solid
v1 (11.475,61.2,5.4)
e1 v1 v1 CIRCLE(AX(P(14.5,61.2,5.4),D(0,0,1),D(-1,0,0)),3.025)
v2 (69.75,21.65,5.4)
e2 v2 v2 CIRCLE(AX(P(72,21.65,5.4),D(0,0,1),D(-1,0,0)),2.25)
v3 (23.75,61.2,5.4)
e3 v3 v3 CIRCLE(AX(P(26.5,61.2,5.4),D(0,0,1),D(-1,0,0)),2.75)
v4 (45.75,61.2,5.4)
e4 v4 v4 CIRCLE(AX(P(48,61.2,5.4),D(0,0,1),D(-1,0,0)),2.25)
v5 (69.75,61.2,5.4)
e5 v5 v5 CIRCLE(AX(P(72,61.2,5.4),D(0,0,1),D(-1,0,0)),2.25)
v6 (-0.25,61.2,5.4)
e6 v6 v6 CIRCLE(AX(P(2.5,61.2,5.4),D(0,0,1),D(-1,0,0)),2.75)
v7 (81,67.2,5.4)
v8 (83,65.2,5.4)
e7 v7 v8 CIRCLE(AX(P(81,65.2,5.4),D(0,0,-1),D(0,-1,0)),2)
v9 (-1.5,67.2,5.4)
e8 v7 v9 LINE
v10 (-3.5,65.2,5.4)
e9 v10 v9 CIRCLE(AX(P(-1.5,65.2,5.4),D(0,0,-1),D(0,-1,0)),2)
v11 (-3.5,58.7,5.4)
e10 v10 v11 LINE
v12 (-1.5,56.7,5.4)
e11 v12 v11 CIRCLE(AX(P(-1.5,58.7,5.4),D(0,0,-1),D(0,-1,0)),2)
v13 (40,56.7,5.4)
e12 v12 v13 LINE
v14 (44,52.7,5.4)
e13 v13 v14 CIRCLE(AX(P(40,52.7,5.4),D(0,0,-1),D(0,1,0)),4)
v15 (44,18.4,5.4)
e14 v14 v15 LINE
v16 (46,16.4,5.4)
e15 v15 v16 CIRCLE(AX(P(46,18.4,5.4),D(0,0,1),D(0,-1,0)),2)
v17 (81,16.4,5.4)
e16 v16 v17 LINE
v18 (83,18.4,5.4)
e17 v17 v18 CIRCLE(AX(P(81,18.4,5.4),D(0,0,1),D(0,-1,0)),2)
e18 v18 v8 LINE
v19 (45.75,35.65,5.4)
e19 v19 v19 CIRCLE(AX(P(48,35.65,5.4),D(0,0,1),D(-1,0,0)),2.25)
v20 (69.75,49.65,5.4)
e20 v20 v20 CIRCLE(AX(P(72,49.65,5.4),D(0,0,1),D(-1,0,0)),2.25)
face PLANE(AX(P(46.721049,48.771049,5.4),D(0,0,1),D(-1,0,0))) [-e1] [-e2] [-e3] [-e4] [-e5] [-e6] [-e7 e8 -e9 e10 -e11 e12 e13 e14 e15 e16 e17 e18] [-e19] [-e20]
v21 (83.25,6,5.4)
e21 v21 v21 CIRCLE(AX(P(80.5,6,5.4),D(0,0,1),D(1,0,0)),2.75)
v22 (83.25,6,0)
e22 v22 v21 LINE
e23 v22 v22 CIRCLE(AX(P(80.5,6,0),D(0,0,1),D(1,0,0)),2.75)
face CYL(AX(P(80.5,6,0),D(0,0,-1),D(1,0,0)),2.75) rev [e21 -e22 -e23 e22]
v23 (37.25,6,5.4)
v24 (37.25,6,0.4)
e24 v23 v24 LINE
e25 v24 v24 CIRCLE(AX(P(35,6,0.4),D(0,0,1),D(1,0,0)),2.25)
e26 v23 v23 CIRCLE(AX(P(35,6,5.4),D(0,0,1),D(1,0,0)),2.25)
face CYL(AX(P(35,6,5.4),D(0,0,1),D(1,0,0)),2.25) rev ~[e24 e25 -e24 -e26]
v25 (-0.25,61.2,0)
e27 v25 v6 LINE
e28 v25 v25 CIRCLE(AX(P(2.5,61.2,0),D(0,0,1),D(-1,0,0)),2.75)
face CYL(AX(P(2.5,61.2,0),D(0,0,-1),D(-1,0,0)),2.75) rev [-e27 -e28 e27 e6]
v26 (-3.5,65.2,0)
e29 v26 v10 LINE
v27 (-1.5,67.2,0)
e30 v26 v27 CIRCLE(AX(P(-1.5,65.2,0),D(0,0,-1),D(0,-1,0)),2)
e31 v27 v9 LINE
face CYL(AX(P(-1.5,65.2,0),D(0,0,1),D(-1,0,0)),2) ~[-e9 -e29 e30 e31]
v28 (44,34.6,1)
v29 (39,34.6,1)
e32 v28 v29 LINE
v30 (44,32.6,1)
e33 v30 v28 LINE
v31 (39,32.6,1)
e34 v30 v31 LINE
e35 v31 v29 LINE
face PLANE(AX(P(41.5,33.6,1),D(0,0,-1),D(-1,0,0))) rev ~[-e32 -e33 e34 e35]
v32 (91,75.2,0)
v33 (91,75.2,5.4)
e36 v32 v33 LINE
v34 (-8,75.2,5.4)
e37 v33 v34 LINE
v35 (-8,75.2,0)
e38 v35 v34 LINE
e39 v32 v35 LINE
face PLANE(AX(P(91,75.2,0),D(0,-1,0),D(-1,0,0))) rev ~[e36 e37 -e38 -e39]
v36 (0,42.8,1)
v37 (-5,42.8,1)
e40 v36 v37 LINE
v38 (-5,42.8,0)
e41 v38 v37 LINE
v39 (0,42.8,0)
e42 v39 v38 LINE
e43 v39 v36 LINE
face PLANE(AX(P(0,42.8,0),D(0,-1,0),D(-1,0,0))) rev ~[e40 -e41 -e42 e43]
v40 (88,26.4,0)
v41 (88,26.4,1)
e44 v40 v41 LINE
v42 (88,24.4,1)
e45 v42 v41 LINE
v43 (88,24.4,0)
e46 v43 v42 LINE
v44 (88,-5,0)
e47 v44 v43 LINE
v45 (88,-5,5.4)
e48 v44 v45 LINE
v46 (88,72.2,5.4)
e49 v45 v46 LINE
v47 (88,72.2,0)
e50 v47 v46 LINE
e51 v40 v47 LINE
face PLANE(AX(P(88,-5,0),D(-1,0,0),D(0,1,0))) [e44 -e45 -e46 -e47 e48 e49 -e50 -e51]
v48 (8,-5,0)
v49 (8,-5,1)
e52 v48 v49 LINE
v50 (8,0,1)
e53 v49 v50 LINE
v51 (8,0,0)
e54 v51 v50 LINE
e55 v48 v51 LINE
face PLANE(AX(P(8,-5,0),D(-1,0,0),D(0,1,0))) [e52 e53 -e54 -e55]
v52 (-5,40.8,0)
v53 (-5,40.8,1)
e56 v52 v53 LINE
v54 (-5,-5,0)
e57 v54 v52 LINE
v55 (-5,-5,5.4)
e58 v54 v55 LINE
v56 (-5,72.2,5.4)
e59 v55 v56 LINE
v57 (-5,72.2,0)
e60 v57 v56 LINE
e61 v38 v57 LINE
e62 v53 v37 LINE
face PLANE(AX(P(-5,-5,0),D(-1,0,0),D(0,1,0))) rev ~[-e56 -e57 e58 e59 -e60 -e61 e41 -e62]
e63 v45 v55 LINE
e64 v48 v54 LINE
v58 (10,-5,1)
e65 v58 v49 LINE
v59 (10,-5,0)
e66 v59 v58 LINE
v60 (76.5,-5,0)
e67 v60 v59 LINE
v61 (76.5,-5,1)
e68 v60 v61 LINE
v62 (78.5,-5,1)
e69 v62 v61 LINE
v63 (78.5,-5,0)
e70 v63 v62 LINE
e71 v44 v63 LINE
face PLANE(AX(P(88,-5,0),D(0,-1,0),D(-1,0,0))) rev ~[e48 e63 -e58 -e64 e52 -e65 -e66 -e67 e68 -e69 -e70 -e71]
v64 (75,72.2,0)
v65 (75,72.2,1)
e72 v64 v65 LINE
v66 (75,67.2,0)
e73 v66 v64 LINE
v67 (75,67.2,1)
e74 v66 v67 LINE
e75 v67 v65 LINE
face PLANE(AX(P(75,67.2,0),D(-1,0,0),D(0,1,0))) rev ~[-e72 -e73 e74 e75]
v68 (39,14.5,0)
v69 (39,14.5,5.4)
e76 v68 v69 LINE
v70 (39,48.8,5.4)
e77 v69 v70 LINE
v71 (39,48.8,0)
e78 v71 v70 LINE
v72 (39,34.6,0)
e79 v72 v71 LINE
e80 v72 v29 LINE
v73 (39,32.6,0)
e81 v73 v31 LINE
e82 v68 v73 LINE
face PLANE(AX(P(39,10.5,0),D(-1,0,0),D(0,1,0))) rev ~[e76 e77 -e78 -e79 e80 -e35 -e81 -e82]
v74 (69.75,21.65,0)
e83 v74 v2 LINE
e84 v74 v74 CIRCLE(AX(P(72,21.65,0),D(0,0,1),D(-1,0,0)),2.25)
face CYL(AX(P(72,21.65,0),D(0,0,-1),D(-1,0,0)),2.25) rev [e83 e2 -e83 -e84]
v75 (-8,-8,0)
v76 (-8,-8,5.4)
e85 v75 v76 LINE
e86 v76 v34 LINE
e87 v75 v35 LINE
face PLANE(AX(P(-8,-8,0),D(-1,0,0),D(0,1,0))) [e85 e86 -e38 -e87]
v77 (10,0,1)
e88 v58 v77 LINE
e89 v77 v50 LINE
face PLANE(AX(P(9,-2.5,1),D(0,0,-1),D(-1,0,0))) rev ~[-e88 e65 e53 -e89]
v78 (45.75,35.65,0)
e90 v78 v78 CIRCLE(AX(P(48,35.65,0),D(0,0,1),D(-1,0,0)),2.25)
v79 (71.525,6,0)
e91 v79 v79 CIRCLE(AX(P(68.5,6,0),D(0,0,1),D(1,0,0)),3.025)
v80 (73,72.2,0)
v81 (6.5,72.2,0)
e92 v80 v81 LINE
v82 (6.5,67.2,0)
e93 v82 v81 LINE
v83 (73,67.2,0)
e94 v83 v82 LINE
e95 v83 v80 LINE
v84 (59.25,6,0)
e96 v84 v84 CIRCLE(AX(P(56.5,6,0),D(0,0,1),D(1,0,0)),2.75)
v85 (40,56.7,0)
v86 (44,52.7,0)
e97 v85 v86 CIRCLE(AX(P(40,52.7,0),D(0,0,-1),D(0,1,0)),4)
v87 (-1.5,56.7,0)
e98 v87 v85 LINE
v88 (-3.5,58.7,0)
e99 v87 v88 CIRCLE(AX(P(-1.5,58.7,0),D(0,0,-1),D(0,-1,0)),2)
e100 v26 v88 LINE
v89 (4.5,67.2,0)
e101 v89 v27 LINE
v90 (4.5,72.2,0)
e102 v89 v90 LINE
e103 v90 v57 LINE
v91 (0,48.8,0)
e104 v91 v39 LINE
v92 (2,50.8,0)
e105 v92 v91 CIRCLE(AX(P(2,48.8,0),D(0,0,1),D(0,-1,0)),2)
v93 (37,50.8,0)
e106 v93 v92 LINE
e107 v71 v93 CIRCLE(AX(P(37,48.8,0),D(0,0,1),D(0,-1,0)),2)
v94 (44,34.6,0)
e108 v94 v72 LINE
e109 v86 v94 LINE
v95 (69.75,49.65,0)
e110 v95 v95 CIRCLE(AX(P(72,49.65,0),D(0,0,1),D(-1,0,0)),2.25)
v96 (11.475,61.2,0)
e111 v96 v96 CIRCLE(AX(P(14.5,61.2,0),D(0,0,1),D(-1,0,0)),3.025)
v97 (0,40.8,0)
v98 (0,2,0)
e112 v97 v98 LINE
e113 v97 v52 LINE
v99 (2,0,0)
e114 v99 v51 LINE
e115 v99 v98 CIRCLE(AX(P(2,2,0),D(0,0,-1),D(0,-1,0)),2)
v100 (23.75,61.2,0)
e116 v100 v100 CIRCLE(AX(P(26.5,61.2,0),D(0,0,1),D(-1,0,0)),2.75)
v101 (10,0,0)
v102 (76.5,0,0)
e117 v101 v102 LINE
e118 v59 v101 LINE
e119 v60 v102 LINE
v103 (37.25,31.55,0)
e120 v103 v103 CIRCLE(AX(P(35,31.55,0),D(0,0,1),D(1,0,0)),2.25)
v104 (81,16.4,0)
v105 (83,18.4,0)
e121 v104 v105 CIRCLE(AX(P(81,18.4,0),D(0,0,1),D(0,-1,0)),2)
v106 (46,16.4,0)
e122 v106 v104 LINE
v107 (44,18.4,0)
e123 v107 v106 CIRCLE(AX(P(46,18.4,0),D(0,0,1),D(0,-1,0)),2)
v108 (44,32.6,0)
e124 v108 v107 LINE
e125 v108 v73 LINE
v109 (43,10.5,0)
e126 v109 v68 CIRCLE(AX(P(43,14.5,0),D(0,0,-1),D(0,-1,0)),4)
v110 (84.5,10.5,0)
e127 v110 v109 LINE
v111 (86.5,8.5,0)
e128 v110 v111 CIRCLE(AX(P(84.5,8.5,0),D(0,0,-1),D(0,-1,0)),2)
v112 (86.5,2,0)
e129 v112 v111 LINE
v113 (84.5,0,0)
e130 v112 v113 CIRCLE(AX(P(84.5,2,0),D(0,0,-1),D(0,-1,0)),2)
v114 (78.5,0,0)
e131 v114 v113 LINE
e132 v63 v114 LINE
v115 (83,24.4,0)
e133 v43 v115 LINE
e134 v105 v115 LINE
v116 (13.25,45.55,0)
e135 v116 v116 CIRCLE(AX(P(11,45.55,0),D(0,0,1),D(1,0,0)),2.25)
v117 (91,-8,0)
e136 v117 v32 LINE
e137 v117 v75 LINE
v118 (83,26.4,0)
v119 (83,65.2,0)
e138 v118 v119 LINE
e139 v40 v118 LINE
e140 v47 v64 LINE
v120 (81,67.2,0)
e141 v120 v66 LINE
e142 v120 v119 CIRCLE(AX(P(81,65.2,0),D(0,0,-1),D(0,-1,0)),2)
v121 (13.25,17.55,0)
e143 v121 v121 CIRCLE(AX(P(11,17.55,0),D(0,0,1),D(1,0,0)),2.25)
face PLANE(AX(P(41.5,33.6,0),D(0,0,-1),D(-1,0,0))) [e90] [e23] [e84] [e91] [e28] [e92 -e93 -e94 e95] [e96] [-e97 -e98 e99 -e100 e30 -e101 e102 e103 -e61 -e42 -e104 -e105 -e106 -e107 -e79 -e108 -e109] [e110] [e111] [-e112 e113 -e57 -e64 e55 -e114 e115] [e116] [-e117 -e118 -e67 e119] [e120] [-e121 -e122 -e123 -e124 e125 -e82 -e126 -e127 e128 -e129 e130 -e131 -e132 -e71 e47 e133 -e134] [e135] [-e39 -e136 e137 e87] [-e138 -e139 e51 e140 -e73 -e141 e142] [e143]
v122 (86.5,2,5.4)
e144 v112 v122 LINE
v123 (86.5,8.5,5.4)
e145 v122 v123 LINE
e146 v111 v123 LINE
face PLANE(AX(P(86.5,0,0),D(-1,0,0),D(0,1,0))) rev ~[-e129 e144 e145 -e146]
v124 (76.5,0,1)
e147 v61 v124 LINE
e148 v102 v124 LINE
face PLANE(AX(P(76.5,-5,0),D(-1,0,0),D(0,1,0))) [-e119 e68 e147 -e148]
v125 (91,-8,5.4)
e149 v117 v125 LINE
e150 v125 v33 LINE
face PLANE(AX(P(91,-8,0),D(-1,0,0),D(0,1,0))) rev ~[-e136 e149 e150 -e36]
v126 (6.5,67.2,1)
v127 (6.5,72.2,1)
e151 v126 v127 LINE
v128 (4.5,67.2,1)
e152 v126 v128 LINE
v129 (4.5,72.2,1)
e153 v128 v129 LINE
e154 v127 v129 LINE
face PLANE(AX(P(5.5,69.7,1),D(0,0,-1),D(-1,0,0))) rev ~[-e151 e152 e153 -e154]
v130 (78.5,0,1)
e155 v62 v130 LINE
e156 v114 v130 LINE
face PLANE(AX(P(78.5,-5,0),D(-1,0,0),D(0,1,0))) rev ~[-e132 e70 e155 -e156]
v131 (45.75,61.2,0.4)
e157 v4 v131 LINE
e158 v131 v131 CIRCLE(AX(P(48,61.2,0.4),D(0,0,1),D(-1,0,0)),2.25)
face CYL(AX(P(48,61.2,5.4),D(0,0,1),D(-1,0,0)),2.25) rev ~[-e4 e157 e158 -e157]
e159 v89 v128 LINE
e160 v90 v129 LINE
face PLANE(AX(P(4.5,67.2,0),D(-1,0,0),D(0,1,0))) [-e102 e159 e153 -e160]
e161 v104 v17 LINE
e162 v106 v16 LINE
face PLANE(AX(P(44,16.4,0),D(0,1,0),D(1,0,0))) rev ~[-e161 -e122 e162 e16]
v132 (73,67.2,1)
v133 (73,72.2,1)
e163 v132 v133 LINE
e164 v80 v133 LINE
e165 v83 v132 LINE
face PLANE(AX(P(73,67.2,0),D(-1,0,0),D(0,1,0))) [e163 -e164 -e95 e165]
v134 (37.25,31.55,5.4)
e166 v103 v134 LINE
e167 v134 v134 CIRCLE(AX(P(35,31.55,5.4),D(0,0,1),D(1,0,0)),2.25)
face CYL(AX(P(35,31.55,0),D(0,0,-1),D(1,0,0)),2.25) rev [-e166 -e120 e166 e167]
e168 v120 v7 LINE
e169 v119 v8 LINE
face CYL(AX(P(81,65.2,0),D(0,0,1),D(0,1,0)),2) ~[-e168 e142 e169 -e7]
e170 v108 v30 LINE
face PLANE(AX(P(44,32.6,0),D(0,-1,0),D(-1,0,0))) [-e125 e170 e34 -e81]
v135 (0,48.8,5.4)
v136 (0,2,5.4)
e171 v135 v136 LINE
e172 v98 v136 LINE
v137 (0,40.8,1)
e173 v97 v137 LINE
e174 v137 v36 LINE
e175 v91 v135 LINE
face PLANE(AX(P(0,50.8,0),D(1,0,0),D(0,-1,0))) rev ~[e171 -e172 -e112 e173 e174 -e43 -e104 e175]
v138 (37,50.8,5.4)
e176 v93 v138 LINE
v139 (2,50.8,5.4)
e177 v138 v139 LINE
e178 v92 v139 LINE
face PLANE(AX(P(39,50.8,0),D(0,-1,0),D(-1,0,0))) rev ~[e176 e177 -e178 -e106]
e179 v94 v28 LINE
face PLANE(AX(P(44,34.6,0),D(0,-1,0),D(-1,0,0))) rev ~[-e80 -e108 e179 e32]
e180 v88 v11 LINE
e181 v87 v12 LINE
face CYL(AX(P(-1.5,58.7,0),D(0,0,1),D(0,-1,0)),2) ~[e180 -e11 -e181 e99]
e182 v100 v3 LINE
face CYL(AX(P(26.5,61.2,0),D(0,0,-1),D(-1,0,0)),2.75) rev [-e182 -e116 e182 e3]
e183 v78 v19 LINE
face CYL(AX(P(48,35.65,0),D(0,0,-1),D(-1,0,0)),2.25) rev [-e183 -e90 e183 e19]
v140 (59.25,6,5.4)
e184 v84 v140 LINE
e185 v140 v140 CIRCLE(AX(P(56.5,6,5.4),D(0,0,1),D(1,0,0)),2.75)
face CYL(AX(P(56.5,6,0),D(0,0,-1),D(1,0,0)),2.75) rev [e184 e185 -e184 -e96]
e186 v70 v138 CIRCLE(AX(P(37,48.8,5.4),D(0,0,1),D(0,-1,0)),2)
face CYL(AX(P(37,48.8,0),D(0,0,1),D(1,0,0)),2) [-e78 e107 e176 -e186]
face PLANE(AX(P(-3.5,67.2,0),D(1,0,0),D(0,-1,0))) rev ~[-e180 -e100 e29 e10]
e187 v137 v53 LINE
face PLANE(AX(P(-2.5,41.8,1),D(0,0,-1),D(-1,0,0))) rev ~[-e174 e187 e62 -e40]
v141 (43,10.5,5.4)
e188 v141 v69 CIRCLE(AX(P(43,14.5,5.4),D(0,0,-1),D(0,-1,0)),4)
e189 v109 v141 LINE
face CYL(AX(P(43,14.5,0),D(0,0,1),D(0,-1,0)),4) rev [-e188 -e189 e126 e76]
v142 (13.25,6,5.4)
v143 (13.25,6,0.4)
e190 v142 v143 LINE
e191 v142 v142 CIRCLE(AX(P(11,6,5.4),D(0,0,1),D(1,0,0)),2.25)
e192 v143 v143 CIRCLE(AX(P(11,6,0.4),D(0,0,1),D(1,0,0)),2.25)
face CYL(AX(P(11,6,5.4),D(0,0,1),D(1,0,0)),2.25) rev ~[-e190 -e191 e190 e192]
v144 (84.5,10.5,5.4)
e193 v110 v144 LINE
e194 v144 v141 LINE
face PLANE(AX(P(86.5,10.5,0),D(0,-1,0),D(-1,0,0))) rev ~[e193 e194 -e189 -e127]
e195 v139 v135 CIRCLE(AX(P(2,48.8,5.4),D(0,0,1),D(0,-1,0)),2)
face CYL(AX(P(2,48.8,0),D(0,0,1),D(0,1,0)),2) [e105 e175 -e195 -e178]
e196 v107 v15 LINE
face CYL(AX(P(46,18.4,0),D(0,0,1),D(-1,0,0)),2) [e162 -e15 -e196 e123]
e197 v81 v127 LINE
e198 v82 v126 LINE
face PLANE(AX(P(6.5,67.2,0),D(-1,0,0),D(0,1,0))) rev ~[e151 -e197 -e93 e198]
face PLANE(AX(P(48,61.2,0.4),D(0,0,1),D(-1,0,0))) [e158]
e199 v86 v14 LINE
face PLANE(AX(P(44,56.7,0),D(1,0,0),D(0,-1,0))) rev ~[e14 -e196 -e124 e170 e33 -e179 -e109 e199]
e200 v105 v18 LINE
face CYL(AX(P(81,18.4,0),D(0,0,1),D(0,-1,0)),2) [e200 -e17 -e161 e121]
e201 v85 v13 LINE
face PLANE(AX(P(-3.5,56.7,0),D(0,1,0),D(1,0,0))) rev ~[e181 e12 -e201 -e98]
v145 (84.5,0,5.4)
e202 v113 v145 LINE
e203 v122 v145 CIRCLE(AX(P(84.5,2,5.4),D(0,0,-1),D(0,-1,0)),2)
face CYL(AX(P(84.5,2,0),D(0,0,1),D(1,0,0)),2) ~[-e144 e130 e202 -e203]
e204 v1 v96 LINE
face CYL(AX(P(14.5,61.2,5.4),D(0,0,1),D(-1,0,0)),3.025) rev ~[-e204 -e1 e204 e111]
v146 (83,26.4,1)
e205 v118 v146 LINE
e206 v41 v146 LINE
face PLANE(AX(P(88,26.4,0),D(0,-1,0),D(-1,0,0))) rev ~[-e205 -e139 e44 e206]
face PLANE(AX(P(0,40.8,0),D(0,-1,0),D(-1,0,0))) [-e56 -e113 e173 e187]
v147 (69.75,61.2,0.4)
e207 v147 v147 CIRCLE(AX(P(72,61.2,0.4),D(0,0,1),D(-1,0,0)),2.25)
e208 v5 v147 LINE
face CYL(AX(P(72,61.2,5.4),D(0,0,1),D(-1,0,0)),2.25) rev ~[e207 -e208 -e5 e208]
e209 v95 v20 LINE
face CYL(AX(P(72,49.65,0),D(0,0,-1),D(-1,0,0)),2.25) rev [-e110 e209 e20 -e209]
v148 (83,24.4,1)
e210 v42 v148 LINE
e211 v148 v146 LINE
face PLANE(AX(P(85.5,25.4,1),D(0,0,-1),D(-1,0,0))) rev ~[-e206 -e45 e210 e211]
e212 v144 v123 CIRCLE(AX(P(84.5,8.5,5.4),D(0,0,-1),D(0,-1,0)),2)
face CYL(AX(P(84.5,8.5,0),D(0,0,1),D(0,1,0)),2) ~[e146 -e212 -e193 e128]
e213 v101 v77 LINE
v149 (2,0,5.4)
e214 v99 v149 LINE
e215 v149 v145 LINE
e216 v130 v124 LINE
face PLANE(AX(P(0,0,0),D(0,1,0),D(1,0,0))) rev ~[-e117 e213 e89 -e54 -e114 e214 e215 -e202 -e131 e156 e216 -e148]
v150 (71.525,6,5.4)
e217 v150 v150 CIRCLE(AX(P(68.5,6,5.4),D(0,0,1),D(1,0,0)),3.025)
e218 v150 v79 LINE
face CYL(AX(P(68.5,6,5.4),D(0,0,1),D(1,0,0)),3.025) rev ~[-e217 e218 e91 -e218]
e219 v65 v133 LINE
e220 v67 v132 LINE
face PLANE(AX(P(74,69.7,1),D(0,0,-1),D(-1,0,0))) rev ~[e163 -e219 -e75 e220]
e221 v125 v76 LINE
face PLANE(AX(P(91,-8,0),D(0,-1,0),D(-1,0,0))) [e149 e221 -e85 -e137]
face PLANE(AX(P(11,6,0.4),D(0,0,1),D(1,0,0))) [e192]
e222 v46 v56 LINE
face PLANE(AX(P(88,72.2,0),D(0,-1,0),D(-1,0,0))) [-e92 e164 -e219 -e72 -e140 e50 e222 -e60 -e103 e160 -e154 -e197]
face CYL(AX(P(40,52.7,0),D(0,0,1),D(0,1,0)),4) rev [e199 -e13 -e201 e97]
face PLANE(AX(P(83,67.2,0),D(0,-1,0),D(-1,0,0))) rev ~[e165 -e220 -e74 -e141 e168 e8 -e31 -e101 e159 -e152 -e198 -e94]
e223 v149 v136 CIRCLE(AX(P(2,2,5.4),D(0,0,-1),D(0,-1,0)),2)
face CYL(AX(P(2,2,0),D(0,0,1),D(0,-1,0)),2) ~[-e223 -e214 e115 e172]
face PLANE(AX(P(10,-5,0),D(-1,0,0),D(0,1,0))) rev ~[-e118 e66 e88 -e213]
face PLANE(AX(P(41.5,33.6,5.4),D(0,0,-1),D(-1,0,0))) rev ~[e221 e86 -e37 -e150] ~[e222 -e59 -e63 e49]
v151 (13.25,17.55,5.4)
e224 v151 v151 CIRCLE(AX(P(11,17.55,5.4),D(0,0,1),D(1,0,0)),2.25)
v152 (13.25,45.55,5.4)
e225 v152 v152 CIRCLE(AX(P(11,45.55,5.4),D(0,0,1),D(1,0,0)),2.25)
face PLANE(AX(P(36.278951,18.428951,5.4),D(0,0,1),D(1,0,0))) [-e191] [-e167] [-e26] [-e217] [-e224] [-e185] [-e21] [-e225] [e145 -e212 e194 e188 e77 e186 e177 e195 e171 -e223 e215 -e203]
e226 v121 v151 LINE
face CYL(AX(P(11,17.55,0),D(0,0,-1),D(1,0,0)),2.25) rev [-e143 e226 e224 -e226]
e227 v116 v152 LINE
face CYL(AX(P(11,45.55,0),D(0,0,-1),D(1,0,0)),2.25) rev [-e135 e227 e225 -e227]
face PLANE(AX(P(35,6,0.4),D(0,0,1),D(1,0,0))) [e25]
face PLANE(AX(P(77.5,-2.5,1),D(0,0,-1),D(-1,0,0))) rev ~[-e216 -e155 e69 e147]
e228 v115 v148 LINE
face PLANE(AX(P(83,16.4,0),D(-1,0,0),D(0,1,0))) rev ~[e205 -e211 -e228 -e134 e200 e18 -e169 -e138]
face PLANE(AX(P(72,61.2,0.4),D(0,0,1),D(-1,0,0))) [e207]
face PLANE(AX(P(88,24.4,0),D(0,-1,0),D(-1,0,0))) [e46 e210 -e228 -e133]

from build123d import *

# Parameters (mm, degrees)
SKETCH1_R           = 2.75
SKETCH1_R_2         = 2.25
BOSS_EXTRUDE1_DEPTH = 5.4
FILLET1_R           = 4
SKETCH2_R           = 3.025
CUT_EXTRUDE1_DEPTH  = 6.4
SKETCH3_R           = 2.25
CUT_EXTRUDE2_DEPTH  = 5
CIRPATTERN1_COUNT   = 2
FILLET2_R           = 2
FILLET3_R           = 2
SKETCH5_W           = 99
SKETCH5_H           = 83.2
SKETCH5_W_2         = 93
SKETCH5_H_2         = 77.2
BOSS_EXTRUDE3_DEPTH = 5.4
SKETCH6_W           = 5
SKETCH6_H           = 2
SKETCH6_W_2         = 2
SKETCH6_H_2         = 5
BOSS_EXTRUDE4_DEPTH = 1


with BuildPart() as part:
    # Sketch1 → Boss-Extrude1 (new body)
    with BuildSketch(Plane.XY):
        Polygon((0, 0), (86.5, 0), (86.5, 10.5), (39, 10.5), (39, 50.8), (0, 50.8), align=None)
        with Locations((56.5, 6)):
            Circle(SKETCH1_R, mode=Mode.SUBTRACT)
        with Locations((11, 17.55)):
            Circle(SKETCH1_R_2, mode=Mode.SUBTRACT)
        with Locations((80.5, 6)):
            Circle(SKETCH1_R, mode=Mode.SUBTRACT)
        with Locations((11, 45.55)):
            Circle(SKETCH1_R_2, mode=Mode.SUBTRACT)
        with Locations((35, 31.55)):
            Circle(SKETCH1_R_2, mode=Mode.SUBTRACT)
    extrude(amount=BOSS_EXTRUDE1_DEPTH)

    # Fillet1
    fillet1_edges = [part.edges().sort_by_distance(p)[0] for p in [
        (39, 10.5, 2.7),
    ]]
    fillet(fillet1_edges, radius=FILLET1_R)

    # Sketch2 → Cut-Extrude1 (cut, through all)
    with BuildSketch(Plane.XY.offset(5.4)):
        with Locations((68.5, 6)):
            Circle(SKETCH2_R)
    extrude(amount=-CUT_EXTRUDE1_DEPTH, mode=Mode.SUBTRACT)

    # Sketch3 → Cut-Extrude2 (cut)
    with BuildSketch(Plane.XY.offset(5.4)):
        with Locations((11, 6)):
            Circle(SKETCH3_R)
        with Locations((35, 6)):
            Circle(SKETCH3_R)
    extrude(amount=-CUT_EXTRUDE2_DEPTH, mode=Mode.SUBTRACT)


with BuildPart() as cirpattern1_1:
    # CirPattern1: pattern copy
    add(part.part.rotate(Axis((41.5, 33.6, 0), (0, 0, 1)), 1 * 360 / CIRPATTERN1_COUNT))

    # Fillet2
    fillet2_edges = [cirpattern1_1.edges().sort_by_distance(p)[0] for p in [
        (83, 16.4, 2.7),
        (44, 16.4, 2.7),
        (-3.5, 56.7, 2.7),
        (-3.5, 67.2, 2.7),
        (83, 67.2, 2.7),
    ]]
    fillet(fillet2_edges, radius=FILLET2_R)


with BuildPart() as part_1:
    add(part.part)

    # Fillet3
    fillet3_edges = [part_1.edges().sort_by_distance(p)[0] for p in [
        (0, 50.8, 2.7),
        (39, 50.8, 2.7),
        (86.5, 10.5, 2.7),
        (86.5, 0, 2.7),
        (0, 0, 2.7),
    ]]
    fillet(fillet3_edges, radius=FILLET3_R)

    add(cirpattern1_1.part)  # Boss-Extrude4 merges CirPattern1_1


with BuildPart() as body_3:
    # Sketch5 → Boss-Extrude3 (new body)
    with BuildSketch(Plane(origin=(0, 0, 0), x_dir=(-1, 0, 0), z_dir=(0, 0, -1))):
        with Locations((-41.5, 33.6)):
            Rectangle(SKETCH5_W, SKETCH5_H)
        with Locations((-41.5, 33.6)):
            Rectangle(SKETCH5_W_2, SKETCH5_H_2, mode=Mode.SUBTRACT)
    extrude(amount=-BOSS_EXTRUDE3_DEPTH)


with BuildPart() as part_2:
    add(part_1.part)

    add(body_3.part)  # Boss-Extrude4 merges body 3
    # Sketch6 → Boss-Extrude4 (add)
    with BuildSketch(Plane(origin=(0, 0, 0), x_dir=(-1, 0, 0), z_dir=(0, 0, -1))):
        with Locations((-41.5, 33.6)):
            Rectangle(SKETCH6_W, SKETCH6_H)
        with Locations((2.5, 41.8)):
            Rectangle(SKETCH6_W, SKETCH6_H)
        with Locations((-9, -2.5)):
            Rectangle(SKETCH6_W_2, SKETCH6_H_2)
        with Locations((-77.5, -2.5)):
            Rectangle(SKETCH6_W_2, SKETCH6_H_2)
        with Locations((-85.5, 25.4)):
            Rectangle(SKETCH6_W, SKETCH6_H)
        with Locations((-74, 69.7)):
            Rectangle(SKETCH6_W_2, SKETCH6_H_2)
        with Locations((-5.5, 69.7)):
            Rectangle(SKETCH6_W_2, SKETCH6_H_2)
    extrude(amount=-BOSS_EXTRUDE4_DEPTH)


solid = part_2.part
